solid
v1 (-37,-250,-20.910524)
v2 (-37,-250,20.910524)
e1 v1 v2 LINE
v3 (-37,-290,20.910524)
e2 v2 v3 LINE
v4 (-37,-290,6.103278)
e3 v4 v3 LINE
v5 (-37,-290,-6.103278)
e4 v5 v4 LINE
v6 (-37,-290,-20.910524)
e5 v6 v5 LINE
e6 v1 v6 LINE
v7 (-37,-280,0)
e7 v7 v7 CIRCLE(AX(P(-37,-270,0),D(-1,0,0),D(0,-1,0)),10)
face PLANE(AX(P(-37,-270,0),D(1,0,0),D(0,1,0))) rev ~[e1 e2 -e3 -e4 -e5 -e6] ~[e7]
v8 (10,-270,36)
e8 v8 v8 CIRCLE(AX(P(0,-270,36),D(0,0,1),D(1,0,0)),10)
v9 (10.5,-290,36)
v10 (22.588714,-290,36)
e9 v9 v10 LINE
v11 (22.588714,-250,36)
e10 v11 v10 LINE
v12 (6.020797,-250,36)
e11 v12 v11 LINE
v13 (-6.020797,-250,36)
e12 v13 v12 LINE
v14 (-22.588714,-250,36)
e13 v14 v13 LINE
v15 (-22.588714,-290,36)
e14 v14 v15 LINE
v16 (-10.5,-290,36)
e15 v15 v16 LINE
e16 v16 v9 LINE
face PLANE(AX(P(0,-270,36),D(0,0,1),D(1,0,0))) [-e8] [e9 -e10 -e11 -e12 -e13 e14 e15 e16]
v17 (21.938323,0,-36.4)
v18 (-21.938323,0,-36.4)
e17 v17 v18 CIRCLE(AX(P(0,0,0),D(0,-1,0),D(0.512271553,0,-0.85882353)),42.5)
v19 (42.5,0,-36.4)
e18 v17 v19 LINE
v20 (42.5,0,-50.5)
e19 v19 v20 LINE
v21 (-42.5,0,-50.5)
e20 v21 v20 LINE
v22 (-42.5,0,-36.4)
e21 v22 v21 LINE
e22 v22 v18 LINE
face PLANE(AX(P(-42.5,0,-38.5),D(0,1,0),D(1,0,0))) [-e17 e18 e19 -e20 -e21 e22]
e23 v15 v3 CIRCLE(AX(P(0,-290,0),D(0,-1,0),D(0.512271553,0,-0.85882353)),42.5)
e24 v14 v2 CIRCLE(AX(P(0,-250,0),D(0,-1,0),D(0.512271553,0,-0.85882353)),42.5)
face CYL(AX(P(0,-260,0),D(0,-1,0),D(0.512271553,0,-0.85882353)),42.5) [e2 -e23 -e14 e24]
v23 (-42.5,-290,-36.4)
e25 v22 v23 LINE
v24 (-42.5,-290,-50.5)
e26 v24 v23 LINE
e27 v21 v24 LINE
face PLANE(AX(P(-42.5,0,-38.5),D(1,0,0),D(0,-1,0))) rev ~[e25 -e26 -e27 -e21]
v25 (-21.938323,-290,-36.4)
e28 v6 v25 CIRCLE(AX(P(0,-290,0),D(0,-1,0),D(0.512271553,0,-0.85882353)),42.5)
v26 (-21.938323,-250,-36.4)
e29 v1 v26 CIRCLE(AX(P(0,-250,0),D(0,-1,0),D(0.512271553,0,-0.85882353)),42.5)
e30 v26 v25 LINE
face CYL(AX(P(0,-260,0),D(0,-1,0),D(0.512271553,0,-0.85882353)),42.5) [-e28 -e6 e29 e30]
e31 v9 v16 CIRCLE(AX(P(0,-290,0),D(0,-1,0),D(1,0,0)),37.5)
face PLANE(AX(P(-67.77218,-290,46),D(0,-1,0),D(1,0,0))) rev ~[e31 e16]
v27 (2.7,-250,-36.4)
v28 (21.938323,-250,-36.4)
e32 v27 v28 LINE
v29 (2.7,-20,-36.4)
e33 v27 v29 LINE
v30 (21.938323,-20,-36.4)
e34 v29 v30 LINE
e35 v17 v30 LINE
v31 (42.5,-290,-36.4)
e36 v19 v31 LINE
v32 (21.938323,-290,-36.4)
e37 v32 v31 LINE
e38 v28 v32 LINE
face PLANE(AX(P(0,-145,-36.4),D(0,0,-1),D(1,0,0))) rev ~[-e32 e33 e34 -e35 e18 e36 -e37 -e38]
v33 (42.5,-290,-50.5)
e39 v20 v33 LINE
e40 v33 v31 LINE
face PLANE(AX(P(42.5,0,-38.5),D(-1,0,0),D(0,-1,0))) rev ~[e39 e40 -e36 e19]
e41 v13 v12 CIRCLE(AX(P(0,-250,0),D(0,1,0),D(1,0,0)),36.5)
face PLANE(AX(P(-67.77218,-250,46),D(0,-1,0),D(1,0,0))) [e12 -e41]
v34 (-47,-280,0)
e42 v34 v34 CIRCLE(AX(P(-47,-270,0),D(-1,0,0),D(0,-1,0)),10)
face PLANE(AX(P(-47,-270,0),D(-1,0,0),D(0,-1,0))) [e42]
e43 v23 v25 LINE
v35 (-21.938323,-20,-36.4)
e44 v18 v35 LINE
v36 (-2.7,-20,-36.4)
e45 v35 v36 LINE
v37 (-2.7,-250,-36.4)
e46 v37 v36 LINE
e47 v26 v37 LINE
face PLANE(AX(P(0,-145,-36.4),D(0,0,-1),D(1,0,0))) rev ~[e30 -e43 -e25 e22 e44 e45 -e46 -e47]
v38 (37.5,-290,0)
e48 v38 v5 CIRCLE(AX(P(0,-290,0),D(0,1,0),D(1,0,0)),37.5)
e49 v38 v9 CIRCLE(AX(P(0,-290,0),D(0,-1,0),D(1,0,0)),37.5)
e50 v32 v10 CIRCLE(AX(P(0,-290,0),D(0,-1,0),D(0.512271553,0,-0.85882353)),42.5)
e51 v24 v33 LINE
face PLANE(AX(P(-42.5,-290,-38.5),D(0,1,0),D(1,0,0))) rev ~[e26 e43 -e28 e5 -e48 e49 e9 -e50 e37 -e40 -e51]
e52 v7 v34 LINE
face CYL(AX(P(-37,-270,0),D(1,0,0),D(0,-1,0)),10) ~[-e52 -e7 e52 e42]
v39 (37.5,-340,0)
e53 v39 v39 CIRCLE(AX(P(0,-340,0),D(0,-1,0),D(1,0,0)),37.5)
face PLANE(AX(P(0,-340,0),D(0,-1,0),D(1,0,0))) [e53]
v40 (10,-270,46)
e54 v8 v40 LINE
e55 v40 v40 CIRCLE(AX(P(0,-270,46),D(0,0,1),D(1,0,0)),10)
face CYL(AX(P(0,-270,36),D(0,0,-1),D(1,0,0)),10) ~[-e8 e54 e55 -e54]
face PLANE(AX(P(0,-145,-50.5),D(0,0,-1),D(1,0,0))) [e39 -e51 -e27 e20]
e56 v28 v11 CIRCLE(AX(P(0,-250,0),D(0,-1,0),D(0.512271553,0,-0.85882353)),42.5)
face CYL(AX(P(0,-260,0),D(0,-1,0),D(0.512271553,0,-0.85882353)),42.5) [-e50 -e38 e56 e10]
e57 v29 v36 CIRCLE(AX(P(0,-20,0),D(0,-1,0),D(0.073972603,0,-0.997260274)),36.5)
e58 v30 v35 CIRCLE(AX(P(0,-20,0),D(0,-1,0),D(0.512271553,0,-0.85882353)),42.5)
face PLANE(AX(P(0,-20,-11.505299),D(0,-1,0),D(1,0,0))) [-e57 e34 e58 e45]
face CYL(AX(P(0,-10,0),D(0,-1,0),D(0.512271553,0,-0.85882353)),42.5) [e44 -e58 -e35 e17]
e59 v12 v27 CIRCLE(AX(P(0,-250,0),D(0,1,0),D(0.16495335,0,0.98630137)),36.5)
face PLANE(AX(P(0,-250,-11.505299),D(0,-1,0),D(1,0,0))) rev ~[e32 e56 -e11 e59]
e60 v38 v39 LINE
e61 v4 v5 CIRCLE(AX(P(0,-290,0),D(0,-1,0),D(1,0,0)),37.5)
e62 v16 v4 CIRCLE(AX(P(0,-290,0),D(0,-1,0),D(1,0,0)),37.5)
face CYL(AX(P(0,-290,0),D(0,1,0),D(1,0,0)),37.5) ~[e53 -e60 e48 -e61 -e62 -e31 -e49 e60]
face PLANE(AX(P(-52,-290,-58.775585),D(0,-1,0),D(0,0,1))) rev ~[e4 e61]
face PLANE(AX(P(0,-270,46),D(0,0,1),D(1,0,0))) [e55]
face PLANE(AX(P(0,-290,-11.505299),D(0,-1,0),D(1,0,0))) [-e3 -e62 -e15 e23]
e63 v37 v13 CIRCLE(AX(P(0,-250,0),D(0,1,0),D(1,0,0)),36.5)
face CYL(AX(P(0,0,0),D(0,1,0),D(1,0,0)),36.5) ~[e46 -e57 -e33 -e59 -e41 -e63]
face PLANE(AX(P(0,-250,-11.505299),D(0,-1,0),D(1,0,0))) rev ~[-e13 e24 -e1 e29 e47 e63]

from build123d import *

# Parameters (mm, degrees)
F0_R           = 36.5
F1_DEPTH       = 270
F4_DEPTH       = 30
F4_DEPTH_BACK  = 10
F7_DEPTH       = 10
F7_DEPTH_BACK  = 10
F9_DEPTH       = 230
F10_R          = 37.5
F11_DEPTH      = 50
F13_W          = 135.54436
F13_H          = 40
F14_DEPTH      = 10
F16_W          = 40
F16_H          = 117.55117
F17_DEPTH      = 15
F18_R          = 10
F19_DEPTH      = 10
F20_R          = 10
F21_DEPTH      = 10
F22_W          = 85
F22_H          = 290
F23_DEPTH      = 12
F23_DEPTH_BACK = 2.1


with BuildPart() as f1:
    # F0 (on Front) → F1 (new body)
    with BuildSketch(Plane.XZ):
        Circle(F0_R)
    extrude(amount=F1_DEPTH)

    # F3 (on offset) → F4 (join, two sides)
    with BuildSketch(Plane.XZ.offset(260)) as f4_sk:
        with BuildLine():
            Line((42.5, -36.5), (21.771541, -36.5))
            ThreePointArc((21.771541, -36.5), (0, 42.5), (-21.771541, -36.5))
            Line((-21.771541, -36.5), (-42.5, -36.5))
            Line((-42.5, -36.5), (-42.5, -38.5))
            Line((-42.5, -38.5), (42.5, -38.5))
            Line((42.5, -38.5), (42.5, -36.5))
        make_face()
    extrude(amount=F4_DEPTH)
    extrude(f4_sk.sketch, amount=-F4_DEPTH_BACK)

    # F6 (on offset) → F7 (join, two sides)
    with BuildSketch(Plane.XZ.offset(10)) as f7_sk:
        with BuildLine():
            Line((42.5, -36.5), (21.771541, -36.5))
            ThreePointArc((21.771541, -36.5), (0, 42.5), (-21.771541, -36.5))
            Line((-21.771541, -36.5), (-42.5, -36.5))
            Line((-42.5, -36.5), (-42.5, -38.5))
            Line((-42.5, -38.5), (42.5, -38.5))
            Line((42.5, -38.5), (42.5, -36.5))
        make_face()
    extrude(amount=F7_DEPTH)
    extrude(f7_sk.sketch, amount=-F7_DEPTH_BACK)

    # F8 (on face) → F9 (join, through all)
    with BuildSketch(Plane(origin=(0, -250, 0), x_dir=(-1, 0, 0), z_dir=(0, 1, 0))):
        Polygon((-42.5, -36.5), (-42.5, -38.5), (42.5, -38.5), (42.5, -36.5), (21.771541, -36.5), (0, -37.5), (-21.771541, -36.5), align=None)
    extrude(amount=F9_DEPTH)

    # F10 (on face) → F11 (join)
    with BuildSketch(Plane.XZ.offset(290)):
        Circle(F10_R)
    extrude(amount=F11_DEPTH)

    # F13 (on offset) → F14 (cut)
    with BuildSketch(Plane.XY.offset(46)):
        with Locations((0, -270)):
            Rectangle(F13_W, F13_H)
    extrude(amount=-F14_DEPTH, mode=Mode.SUBTRACT)

    # F16 (on offset) → F17 (cut)
    with BuildSketch(Plane.YZ.offset(-52)):
        with Locations((-270, 0)):
            Rectangle(F16_W, F16_H)
    extrude(amount=F17_DEPTH, mode=Mode.SUBTRACT)

    # F18 (on face) → F19 (join)
    with BuildSketch(Plane.XY.offset(36)):
        with Locations((0, -270)):
            Circle(F18_R)
    extrude(amount=F19_DEPTH)

    # F20 (on face) → F21 (join)
    with BuildSketch(Plane(origin=(-37, 0, 0), x_dir=(0, -1, 0), z_dir=(-1, 0, 0))):
        with Locations((270, 0)):
            Circle(F20_R)
    extrude(amount=F21_DEPTH)

    # F22 (on face) → F23 (join, two sides)
    with BuildSketch(Plane(origin=(0, 0, -38.5), x_dir=(1, 0, 0), z_dir=(0, 0, -1))) as f23_sk:
        with Locations((0, 145)):
            Rectangle(F22_W, F22_H)
    extrude(amount=F23_DEPTH)
    extrude(f23_sk.sketch, amount=-F23_DEPTH_BACK)


solid = f1.part
